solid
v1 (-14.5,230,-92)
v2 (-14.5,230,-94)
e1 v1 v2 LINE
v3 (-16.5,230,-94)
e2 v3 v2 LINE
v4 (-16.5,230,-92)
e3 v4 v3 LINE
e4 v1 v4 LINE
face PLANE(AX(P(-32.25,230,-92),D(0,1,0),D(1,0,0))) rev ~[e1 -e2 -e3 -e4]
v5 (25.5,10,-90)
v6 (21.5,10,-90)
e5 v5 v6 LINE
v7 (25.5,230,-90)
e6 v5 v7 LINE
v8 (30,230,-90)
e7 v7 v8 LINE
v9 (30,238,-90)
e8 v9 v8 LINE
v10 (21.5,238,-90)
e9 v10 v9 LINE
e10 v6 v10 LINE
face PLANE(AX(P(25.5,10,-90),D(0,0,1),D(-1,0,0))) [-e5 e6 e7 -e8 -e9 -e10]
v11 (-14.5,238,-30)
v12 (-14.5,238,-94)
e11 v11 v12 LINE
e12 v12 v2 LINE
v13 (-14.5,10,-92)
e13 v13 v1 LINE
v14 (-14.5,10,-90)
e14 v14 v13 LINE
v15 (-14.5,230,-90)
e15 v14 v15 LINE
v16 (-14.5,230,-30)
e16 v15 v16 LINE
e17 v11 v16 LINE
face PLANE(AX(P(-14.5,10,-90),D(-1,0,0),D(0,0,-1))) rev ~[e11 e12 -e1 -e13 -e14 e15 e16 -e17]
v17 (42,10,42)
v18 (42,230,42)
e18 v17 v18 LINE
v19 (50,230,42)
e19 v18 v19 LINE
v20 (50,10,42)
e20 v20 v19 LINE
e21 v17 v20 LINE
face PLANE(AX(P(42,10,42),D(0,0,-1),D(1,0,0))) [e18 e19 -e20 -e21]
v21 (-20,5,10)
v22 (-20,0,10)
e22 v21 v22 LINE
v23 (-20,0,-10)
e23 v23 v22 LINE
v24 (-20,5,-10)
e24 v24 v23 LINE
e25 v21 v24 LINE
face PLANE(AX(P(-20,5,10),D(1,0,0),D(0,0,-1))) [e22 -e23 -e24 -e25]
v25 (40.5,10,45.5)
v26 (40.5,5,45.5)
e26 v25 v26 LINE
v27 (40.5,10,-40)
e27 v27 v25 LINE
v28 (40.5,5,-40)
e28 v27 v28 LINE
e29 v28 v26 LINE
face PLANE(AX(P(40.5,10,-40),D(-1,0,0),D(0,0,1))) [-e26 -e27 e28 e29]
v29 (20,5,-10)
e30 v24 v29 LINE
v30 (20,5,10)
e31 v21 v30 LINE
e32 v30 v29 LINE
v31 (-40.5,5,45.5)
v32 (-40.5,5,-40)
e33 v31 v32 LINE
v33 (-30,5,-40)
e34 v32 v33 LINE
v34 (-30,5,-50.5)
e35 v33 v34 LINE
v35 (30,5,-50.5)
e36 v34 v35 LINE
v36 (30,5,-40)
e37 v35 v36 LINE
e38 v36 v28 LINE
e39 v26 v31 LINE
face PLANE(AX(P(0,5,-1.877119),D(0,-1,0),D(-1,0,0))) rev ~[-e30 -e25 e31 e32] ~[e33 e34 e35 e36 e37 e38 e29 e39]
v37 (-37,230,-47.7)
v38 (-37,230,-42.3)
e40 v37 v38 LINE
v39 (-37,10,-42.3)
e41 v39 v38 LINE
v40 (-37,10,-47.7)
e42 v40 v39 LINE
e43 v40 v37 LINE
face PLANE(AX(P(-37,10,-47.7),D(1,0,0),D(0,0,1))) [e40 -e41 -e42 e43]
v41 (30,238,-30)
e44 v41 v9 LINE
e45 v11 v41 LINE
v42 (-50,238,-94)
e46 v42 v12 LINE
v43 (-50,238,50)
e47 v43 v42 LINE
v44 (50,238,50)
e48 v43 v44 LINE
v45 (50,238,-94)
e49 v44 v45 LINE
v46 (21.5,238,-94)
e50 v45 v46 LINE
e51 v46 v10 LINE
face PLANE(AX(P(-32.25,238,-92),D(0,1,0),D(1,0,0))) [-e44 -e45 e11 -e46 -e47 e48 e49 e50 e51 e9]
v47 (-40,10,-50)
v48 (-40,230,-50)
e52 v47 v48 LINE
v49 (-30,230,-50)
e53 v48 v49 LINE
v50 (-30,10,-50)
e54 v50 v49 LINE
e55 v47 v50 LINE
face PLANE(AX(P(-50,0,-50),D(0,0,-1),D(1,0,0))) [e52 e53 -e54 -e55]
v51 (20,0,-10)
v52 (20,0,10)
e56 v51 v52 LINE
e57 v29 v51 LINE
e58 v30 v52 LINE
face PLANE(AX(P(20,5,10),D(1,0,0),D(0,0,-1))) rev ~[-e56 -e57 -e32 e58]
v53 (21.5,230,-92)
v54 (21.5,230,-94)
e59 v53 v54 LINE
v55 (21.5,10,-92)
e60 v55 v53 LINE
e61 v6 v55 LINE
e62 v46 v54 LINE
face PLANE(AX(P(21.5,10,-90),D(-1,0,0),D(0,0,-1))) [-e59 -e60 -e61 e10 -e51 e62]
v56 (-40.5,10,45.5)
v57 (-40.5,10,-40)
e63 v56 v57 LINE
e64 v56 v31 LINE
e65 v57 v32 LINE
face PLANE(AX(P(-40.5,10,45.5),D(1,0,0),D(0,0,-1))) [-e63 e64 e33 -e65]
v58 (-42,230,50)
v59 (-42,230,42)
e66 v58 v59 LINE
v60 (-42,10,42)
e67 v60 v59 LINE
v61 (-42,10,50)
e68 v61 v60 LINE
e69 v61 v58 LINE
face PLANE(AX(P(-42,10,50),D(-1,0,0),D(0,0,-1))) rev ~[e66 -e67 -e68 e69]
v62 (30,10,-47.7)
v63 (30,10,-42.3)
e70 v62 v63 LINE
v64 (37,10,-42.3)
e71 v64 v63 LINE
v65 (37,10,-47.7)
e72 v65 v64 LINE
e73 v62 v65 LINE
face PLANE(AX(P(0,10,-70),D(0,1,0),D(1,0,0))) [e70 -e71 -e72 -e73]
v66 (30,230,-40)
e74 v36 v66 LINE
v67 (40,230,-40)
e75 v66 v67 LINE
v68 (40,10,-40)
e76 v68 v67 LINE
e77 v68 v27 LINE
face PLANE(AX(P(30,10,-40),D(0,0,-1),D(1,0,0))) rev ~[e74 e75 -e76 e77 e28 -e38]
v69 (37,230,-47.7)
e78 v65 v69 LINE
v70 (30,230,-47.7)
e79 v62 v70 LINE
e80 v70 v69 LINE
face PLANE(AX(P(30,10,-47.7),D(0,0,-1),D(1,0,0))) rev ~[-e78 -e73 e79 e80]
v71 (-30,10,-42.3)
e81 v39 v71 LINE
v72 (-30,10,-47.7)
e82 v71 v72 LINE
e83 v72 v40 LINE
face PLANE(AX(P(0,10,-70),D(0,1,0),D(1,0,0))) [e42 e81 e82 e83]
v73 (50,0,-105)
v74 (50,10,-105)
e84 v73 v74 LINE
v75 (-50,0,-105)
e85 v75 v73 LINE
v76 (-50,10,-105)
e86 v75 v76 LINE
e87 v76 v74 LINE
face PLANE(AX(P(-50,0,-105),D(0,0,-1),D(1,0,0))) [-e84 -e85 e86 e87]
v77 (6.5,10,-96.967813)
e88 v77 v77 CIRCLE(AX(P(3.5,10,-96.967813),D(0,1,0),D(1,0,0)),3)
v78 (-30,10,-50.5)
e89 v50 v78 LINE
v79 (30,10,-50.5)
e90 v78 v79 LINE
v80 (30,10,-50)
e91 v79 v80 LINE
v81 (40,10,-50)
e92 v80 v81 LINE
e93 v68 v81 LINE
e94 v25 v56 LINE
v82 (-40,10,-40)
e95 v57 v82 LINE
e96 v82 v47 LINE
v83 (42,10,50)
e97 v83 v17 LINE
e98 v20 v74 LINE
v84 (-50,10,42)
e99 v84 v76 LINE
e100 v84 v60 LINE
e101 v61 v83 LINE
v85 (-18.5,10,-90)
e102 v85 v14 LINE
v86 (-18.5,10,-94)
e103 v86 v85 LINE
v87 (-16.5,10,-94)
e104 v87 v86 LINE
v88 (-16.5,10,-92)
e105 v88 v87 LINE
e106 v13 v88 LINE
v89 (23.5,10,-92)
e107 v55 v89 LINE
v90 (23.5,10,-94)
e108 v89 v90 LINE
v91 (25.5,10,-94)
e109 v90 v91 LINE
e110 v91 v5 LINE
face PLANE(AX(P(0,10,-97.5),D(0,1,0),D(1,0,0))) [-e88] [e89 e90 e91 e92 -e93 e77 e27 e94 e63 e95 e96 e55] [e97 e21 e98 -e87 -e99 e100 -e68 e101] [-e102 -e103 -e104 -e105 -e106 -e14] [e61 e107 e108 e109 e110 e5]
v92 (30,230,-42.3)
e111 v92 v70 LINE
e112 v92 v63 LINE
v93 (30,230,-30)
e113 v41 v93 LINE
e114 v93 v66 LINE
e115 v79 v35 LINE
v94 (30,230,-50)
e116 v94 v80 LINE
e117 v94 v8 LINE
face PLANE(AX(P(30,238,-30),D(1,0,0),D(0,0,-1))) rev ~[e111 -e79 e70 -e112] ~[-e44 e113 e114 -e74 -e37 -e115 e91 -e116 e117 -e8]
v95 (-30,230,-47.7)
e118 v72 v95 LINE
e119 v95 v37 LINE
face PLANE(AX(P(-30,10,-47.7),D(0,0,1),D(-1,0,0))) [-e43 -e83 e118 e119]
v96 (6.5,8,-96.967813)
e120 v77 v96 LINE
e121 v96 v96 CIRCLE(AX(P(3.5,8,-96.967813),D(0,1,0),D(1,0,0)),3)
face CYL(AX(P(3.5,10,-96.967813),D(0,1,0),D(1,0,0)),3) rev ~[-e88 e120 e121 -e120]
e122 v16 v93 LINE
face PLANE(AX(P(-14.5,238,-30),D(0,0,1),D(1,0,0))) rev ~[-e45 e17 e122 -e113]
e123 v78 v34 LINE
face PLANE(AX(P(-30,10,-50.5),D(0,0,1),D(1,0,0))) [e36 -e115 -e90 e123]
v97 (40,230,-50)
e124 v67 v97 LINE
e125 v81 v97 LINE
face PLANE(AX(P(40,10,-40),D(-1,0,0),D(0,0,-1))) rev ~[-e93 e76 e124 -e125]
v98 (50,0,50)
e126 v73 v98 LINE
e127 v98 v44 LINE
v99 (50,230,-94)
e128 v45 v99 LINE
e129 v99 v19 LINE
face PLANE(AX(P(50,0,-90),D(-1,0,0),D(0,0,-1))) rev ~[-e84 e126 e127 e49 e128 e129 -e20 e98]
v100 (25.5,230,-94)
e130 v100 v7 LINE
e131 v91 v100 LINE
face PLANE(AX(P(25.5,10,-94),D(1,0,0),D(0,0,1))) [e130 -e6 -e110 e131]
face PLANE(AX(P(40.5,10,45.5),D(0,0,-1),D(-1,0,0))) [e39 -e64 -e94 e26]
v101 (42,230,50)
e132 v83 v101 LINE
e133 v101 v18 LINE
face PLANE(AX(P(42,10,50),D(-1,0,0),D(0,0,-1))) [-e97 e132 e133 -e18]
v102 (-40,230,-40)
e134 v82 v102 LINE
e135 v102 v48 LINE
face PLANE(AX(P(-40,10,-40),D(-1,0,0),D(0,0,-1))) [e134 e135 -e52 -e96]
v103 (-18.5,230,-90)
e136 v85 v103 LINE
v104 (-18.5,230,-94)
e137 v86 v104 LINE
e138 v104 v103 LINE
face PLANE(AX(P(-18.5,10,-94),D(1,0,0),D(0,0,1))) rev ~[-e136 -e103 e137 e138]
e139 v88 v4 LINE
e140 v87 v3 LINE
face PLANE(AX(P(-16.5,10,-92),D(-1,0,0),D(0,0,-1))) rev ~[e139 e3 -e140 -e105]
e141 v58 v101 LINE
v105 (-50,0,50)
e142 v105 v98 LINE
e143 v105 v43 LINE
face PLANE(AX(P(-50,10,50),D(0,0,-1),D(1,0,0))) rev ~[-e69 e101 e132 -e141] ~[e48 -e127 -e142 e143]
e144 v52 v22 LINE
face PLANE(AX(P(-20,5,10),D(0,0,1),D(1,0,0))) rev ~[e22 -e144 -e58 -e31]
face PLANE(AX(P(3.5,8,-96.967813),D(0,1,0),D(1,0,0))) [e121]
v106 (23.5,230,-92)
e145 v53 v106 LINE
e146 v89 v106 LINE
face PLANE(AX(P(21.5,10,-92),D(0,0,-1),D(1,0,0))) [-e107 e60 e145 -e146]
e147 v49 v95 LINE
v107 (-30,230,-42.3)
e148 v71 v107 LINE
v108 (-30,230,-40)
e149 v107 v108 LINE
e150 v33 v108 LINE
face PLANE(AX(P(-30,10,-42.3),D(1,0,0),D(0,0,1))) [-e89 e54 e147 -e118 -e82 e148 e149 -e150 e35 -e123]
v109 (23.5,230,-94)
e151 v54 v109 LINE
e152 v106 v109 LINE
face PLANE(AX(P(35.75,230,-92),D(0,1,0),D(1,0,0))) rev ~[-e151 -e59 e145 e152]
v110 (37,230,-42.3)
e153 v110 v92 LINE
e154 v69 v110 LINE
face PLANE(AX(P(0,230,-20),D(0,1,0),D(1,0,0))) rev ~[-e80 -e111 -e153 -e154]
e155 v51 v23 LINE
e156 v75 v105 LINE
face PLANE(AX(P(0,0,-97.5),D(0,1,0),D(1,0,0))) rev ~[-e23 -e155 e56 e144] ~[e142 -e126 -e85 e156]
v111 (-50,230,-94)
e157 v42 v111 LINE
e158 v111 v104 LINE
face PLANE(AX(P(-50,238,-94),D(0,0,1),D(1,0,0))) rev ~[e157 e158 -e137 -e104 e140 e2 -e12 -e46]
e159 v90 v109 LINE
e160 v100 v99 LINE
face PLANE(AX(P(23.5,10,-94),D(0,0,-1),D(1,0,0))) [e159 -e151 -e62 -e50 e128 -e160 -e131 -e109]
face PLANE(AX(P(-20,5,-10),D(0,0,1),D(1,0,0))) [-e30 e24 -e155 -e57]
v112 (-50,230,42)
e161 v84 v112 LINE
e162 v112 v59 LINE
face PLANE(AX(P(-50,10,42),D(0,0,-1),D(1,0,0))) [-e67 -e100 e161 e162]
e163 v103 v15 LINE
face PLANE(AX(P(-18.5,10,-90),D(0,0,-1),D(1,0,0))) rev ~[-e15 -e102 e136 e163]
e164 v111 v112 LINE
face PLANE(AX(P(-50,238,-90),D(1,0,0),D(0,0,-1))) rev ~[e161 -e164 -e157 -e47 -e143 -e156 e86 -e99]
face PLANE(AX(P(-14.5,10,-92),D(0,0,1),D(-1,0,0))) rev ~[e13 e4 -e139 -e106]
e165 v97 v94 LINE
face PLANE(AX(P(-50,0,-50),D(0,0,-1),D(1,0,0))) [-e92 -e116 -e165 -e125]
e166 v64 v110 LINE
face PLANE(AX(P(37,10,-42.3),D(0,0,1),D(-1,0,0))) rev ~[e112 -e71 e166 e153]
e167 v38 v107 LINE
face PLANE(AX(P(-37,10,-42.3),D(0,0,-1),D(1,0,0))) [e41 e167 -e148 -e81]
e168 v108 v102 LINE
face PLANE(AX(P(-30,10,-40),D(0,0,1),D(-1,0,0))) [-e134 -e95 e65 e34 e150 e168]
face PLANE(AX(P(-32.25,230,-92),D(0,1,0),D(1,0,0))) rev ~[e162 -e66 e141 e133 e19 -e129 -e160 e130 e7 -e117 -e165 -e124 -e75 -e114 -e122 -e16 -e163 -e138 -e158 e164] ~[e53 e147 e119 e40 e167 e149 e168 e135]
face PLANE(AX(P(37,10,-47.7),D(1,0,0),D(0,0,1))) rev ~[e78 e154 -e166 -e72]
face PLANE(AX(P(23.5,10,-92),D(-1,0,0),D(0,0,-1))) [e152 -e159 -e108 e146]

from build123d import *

# Parameters (mm, degrees)
SKETCH1_W           = 100
SKETCH1_H           = 100
BOSS_EXTRUDE1_DEPTH = 10
BOSS_EXTRUDE2_DEPTH = 220
SKETCH4_W           = 100
SKETCH4_H           = 40
BOSS_EXTRUDE3_DEPTH = 10
SKETCH5_W           = 100
SKETCH5_H           = 140
BOSS_EXTRUDE4_DEPTH = 8
CUT_EXTRUDE2_DEPTH  = 11
SKETCH7_W           = 8
SKETCH7_H           = 8
BOSS_EXTRUDE5_DEPTH = 220
CUT_EXTRUDE3_DEPTH  = 5
CUT_EXTRUDE4_REACH  = 7
SKETCH9_W           = 40
SKETCH9_H           = 20
SKETCH11_W          = 100
SKETCH11_H          = 15
BOSS_EXTRUDE6_DEPTH = 10
SKETCH12_R          = 3
CUT_EXTRUDE5_DEPTH  = 2
BOSS_EXTRUDE7_DEPTH = 228
SKETCH14_W          = 35.5
SKETCH14_H          = 4
SKETCH14_W_2        = 28.5
BOSS_EXTRUDE8_DEPTH = 8


with BuildPart() as part:
    # Sketch1 → Boss-Extrude1 (new body)
    with BuildSketch(Plane(origin=(0, 0, 0), x_dir=(1, 0, 0), z_dir=(0, 1, 0))):
        Rectangle(SKETCH1_W, SKETCH1_H)
    extrude(amount=BOSS_EXTRUDE1_DEPTH)

    # Sketch3 → Boss-Extrude2 (add)
    with BuildSketch(Plane(origin=(0, 10, 0), x_dir=(1, 0, 0), z_dir=(0, 1, 0))):
        Polygon((-40, 40), (-40, 50), (-30, 50), (-30, 47.7), (-37, 47.7), (-37, 42.3), (-30, 42.3), (-30, 40), align=None)
        Polygon((30, 42.3), (30, 40), (40, 40), (40, 50), (30, 50), (30, 47.7), (37, 47.7), (37, 42.3), align=None)
    extrude(amount=BOSS_EXTRUDE2_DEPTH)

    # Sketch4 → Boss-Extrude3 (add)
    with BuildSketch(Plane(origin=(0, 0, 0), x_dir=(1, 0, 0), z_dir=(0, 1, 0))):
        with Locations((0, 70)):
            Rectangle(SKETCH4_W, SKETCH4_H)
    extrude(amount=BOSS_EXTRUDE3_DEPTH)

    # Sketch5 → Boss-Extrude4 (add)
    with BuildSketch(Plane(origin=(0, 230, 0), x_dir=(1, 0, 0), z_dir=(0, 1, 0))):
        with Locations((0, 20)):
            Rectangle(SKETCH5_W, SKETCH5_H)
    extrude(amount=BOSS_EXTRUDE4_DEPTH)

    # Sketch6 → Cut-Extrude2 (cut)
    with BuildSketch(Plane(origin=(0, 238, 0), x_dir=(1, 0, 0), z_dir=(0, 1, 0))):
        Polygon((-4.5, 30), (30, 30), (30, 90), (-4.5, 90), (-14.5, 90), (-14.5, 30), align=None)
    extrude(amount=-CUT_EXTRUDE2_DEPTH, mode=Mode.SUBTRACT)

    # Sketch7 → Boss-Extrude5 (add)
    with BuildSketch(Plane(origin=(0, 10, 0), x_dir=(1, 0, 0), z_dir=(0, 1, 0))):
        with Locations((-46, -46)):
            Rectangle(SKETCH7_W, SKETCH7_H)
        with Locations((46, -46)):
            Rectangle(SKETCH7_W, SKETCH7_H)
    extrude(amount=BOSS_EXTRUDE5_DEPTH)

    # Sketch8 → Cut-Extrude3 (cut)
    with BuildSketch(Plane(origin=(0, 10, 0), x_dir=(1, 0, 0), z_dir=(0, 1, 0))):
        Polygon((30, 40), (40.5, 40), (40.5, -45.5), (-40.5, -45.5), (-40.5, 40), (-30, 40), (-30, 50.5), (30, 50.5), align=None)
    extrude(amount=-CUT_EXTRUDE3_DEPTH, mode=Mode.SUBTRACT)

    # Sketch9 → Cut-Extrude4 (cut, up to next)
    with BuildSketch(Plane(origin=(0, 5, 0), x_dir=(1, 0, 0), z_dir=(0, 1, 0)), mode=Mode.PRIVATE) as cut_extrude4_sk1:
        Rectangle(SKETCH9_W, SKETCH9_H)
    cut_extrude4_tool1 = extrude(cut_extrude4_sk1.sketch, amount=-CUT_EXTRUDE4_REACH, mode=Mode.PRIVATE) & part.part
    add(cut_extrude4_tool1.solids().sort_by_distance((0, 5, 0))[0], mode=Mode.SUBTRACT)

    # Sketch11 → Boss-Extrude6 (add)
    with BuildSketch(Plane(origin=(0, 0, 0), x_dir=(1, 0, 0), z_dir=(0, 1, 0))):
        with Locations((0, 97.5)):
            Rectangle(SKETCH11_W, SKETCH11_H)
    extrude(amount=BOSS_EXTRUDE6_DEPTH)

    # Sketch12 → Cut-Extrude5 (cut)
    with BuildSketch(Plane(origin=(0, 10, 0), x_dir=(1, 0, 0), z_dir=(0, 1, 0))):
        with Locations((3.5, 96.967812545)):
            Circle(SKETCH12_R)
    extrude(amount=-CUT_EXTRUDE5_DEPTH, mode=Mode.SUBTRACT)

    # Sketch13 → Boss-Extrude7 (add)
    with BuildSketch(Plane(origin=(0, 10, 0), x_dir=(1, 0, 0), z_dir=(0, 1, 0))):
        Polygon((21.5, 92), (23.5, 92), (23.5, 94), (25.5, 94), (25.5, 90), (21.5, 90), align=None)
        Polygon((-14.5, 92), (-16.5, 92), (-16.5, 94), (-18.5, 94), (-18.5, 90), (-14.5, 90), align=None)
    extrude(amount=BOSS_EXTRUDE7_DEPTH)

    # Sketch14 → Boss-Extrude8 (add)
    with BuildSketch(Plane(origin=(0, 238, 0), x_dir=(1, 0, 0), z_dir=(0, 1, 0))):
        with Locations((-32.25, 92)):
            Rectangle(SKETCH14_W, SKETCH14_H)
        with Locations((35.75, 92)):
            Rectangle(SKETCH14_W_2, SKETCH14_H)
    extrude(amount=-BOSS_EXTRUDE8_DEPTH)


solid = part.part
